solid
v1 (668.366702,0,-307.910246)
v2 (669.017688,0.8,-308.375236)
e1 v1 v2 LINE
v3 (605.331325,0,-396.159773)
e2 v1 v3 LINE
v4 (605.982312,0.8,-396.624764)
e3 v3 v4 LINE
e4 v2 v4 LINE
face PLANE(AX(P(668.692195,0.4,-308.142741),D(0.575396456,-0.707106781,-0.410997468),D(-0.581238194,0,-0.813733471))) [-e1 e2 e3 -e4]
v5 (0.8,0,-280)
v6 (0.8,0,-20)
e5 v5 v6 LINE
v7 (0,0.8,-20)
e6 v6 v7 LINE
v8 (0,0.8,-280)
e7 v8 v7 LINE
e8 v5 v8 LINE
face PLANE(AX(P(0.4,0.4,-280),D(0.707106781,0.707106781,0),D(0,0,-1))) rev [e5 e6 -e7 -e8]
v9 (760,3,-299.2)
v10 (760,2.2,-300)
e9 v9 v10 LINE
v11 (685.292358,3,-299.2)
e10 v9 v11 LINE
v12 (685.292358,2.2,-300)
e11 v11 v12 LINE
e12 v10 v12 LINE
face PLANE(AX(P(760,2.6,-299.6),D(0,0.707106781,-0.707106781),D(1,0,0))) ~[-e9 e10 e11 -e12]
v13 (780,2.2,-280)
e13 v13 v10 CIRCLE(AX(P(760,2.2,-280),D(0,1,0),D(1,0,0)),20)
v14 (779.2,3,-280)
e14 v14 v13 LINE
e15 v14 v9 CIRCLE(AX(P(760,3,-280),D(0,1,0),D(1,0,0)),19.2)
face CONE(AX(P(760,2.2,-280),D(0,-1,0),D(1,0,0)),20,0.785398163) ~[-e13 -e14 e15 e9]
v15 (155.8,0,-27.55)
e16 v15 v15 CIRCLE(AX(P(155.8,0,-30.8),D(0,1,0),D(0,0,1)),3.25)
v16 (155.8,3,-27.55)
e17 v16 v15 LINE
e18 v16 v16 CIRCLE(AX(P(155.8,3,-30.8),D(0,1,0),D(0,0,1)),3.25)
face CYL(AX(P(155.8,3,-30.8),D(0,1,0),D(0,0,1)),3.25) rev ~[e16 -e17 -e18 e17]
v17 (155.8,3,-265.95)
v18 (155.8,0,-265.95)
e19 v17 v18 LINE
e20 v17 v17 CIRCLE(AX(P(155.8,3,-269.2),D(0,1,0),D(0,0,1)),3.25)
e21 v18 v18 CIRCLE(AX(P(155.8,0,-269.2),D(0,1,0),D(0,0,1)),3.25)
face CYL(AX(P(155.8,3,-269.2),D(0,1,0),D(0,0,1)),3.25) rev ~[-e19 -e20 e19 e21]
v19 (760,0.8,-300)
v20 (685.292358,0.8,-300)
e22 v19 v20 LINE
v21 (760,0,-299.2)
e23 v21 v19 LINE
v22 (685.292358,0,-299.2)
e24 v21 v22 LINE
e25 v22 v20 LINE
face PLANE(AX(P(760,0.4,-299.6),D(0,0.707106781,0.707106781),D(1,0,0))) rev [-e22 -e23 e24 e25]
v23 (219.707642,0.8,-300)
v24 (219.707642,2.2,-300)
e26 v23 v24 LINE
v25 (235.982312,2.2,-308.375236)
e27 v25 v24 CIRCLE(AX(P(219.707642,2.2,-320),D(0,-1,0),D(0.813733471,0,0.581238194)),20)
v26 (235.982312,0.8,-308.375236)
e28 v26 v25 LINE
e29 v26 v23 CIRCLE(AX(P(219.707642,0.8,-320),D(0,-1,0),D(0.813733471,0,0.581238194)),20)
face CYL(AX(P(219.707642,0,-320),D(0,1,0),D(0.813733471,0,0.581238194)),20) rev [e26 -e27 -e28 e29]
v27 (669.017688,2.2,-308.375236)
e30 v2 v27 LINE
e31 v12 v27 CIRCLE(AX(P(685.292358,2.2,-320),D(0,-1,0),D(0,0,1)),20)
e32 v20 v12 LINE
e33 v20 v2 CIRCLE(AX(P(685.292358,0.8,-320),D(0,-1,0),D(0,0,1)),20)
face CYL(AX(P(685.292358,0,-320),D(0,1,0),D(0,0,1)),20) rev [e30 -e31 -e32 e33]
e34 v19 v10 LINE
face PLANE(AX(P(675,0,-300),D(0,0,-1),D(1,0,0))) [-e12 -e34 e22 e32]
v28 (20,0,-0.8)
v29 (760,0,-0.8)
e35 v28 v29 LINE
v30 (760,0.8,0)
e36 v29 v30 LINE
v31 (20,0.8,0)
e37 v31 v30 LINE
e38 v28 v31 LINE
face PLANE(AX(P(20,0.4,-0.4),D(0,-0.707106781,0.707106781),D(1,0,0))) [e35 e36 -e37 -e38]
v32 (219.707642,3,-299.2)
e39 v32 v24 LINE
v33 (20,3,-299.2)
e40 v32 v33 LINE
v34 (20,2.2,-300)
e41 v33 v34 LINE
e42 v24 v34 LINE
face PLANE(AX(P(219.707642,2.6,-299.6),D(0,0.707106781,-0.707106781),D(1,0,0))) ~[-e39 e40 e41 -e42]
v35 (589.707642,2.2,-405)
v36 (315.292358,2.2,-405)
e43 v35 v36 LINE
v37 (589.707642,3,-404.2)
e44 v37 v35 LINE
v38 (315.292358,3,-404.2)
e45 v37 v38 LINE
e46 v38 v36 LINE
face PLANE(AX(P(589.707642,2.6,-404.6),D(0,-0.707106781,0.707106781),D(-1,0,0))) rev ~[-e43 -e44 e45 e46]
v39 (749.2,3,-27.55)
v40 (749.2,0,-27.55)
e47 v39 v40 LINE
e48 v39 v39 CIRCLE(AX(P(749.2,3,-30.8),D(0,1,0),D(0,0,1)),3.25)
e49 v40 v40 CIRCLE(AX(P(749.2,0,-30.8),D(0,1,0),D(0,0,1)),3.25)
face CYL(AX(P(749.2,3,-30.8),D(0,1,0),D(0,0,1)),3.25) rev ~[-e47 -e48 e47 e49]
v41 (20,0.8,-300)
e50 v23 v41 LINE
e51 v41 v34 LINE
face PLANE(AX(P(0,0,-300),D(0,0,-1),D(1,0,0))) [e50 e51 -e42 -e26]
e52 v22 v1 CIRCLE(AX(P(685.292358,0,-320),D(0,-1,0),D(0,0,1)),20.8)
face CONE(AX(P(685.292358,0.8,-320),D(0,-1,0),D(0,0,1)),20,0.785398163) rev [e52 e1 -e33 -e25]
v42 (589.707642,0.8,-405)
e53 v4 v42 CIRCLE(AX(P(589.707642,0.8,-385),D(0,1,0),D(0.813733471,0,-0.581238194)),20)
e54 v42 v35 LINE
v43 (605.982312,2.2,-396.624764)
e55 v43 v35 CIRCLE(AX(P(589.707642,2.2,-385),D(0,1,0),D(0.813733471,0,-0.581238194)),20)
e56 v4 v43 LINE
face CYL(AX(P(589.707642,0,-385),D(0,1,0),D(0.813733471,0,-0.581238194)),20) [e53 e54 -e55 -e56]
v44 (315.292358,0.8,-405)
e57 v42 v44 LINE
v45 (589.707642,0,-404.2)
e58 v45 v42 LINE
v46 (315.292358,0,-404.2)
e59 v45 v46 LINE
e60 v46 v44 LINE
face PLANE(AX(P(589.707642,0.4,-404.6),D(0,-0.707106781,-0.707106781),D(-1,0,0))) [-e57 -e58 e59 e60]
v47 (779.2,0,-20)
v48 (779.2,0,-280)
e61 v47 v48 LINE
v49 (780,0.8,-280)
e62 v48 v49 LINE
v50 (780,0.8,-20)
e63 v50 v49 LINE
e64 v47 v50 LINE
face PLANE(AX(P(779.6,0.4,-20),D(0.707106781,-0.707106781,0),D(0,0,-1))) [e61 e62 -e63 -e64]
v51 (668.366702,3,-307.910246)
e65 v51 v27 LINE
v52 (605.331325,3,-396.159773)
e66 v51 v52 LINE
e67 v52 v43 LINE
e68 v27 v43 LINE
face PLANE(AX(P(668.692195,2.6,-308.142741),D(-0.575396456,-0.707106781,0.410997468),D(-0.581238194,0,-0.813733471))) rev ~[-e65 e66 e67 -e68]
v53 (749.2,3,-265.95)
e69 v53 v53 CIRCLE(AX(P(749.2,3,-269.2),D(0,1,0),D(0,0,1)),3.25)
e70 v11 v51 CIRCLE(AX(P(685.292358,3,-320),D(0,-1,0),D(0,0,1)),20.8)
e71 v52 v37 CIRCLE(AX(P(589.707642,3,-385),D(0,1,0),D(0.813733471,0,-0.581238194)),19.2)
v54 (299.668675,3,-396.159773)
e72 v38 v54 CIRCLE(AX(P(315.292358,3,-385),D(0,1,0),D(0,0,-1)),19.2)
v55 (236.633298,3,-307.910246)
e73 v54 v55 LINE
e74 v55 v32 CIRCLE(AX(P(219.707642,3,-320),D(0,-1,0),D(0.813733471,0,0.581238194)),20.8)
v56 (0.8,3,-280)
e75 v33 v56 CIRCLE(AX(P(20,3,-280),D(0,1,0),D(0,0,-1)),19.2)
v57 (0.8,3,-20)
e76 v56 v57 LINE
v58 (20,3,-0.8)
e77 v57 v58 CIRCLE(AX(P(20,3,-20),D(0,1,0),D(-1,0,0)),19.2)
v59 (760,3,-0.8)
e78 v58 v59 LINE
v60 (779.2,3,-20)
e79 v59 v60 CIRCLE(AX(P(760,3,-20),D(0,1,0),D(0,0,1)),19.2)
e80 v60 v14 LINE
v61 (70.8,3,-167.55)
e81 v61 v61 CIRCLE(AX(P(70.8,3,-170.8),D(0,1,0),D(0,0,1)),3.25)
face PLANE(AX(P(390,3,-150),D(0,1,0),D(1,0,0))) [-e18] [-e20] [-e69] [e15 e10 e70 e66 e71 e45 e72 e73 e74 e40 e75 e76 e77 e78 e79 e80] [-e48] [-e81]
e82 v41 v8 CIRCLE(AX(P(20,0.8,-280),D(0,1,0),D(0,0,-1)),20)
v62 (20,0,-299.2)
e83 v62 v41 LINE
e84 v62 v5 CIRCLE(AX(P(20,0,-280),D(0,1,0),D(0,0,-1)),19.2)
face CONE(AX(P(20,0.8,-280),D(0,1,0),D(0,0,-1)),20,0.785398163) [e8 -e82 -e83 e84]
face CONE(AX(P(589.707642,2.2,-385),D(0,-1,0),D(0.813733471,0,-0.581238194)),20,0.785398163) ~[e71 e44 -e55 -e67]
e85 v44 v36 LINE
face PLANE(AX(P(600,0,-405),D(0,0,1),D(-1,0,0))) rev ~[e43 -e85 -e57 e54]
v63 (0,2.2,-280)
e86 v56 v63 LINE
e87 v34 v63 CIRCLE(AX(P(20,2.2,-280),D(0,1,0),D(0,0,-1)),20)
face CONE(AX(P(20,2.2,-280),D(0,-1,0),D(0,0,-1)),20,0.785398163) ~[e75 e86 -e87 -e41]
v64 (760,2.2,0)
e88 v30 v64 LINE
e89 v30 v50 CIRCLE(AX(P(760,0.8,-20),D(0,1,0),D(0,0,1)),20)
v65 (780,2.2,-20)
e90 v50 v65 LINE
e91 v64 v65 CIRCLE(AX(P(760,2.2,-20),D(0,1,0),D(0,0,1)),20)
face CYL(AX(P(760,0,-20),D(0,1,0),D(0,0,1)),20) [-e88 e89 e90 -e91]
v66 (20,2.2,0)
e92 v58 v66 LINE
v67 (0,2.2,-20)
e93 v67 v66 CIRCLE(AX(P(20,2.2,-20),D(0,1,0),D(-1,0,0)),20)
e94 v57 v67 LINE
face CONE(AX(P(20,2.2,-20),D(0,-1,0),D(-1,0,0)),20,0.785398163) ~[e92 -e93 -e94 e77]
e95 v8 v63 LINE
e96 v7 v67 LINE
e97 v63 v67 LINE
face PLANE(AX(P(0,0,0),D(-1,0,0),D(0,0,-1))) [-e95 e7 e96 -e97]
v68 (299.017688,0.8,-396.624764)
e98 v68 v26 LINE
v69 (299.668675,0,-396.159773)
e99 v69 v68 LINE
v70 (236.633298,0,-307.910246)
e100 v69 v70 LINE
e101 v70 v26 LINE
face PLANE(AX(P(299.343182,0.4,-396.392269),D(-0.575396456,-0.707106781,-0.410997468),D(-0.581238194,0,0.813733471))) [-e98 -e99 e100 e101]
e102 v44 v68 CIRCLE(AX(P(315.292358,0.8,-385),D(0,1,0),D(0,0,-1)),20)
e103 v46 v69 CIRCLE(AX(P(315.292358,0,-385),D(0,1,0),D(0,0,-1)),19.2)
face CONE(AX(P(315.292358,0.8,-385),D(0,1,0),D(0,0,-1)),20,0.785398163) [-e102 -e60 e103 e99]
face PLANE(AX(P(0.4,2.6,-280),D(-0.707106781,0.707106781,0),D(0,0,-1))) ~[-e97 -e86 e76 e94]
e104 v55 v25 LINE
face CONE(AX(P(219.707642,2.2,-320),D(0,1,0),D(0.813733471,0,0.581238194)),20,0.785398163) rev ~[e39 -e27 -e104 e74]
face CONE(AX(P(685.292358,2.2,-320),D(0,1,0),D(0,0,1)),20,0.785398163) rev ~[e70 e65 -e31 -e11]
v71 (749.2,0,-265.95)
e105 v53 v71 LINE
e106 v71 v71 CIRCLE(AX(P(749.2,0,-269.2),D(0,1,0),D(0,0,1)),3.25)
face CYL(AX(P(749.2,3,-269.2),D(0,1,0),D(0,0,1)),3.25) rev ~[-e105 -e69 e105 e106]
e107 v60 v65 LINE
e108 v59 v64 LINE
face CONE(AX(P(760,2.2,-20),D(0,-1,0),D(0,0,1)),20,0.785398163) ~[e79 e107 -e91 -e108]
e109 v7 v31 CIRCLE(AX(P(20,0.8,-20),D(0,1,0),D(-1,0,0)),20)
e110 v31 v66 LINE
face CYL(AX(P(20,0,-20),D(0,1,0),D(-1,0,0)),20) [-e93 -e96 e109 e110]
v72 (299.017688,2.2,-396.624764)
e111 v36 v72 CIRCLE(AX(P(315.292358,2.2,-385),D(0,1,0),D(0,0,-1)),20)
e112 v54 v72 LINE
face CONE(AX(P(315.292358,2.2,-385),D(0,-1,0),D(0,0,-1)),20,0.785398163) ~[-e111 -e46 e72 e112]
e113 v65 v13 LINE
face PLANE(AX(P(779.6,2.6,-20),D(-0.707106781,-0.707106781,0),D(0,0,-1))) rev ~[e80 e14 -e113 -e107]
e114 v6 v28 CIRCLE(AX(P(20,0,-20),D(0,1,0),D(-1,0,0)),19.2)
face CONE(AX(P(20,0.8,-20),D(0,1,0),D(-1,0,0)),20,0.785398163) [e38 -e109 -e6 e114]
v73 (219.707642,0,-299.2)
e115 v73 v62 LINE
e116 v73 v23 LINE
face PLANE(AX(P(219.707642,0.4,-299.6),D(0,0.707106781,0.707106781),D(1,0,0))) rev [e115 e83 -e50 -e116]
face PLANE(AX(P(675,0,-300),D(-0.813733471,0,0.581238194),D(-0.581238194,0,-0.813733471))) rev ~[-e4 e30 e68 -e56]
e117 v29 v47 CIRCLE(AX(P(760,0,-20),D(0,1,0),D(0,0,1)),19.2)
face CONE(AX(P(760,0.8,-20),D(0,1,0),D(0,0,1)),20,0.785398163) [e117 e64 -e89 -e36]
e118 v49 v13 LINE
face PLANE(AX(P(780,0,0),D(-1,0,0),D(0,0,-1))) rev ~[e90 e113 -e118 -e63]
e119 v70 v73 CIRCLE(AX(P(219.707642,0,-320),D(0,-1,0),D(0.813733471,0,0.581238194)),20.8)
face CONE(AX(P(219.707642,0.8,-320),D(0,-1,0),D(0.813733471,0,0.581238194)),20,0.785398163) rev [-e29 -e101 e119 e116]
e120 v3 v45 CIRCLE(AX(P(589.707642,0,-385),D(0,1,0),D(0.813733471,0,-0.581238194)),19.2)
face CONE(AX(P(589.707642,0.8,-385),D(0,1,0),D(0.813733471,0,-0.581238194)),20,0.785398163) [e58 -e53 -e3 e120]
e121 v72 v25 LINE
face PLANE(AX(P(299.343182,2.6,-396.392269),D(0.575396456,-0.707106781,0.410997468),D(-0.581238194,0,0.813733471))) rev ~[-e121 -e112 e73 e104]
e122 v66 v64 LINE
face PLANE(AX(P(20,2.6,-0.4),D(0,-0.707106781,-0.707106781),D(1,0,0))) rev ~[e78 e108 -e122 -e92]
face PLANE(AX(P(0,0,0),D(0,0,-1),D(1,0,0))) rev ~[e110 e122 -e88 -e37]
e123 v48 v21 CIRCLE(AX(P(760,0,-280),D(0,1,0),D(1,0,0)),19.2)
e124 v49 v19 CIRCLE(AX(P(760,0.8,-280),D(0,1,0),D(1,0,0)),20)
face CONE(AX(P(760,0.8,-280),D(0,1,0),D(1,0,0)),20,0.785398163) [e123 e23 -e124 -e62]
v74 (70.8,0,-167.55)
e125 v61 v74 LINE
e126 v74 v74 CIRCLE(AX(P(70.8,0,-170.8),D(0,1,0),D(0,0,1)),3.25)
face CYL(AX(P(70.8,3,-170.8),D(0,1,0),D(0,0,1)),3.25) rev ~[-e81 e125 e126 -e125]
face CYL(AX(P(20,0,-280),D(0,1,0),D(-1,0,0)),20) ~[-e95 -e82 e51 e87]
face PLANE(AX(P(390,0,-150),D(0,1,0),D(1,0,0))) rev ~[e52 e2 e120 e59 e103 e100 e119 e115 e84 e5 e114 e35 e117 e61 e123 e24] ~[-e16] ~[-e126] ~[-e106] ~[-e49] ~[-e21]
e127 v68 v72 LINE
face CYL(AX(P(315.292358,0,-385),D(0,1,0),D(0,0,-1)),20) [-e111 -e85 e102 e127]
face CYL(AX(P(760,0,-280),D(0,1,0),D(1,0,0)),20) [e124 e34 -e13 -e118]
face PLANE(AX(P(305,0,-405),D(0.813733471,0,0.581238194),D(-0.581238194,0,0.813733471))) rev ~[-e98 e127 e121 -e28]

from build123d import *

# Parameters (mm, degrees)
SKETCH_1_W          = 780
SKETCH_1_H          = 300
EXTRUDE_1_DEPTH     = 3
FILLET_3_R          = 20
CHAMFER_1_SIZE      = 0.8
SKETCH_2_R          = 3.25
CUT_EXTRUDE_1_DEPTH = 10


with BuildPart() as part:
    # 草图1 → 凸台-拉伸1 (new body)
    with BuildSketch(Plane(origin=(0, 0, 0), x_dir=(1, 0, 0), z_dir=(0, 1, 0))):
        with Locations((390, 150)):
            Rectangle(SKETCH_1_W, SKETCH_1_H)
        Polygon((600, 405), (305, 405), (230, 300), (305, 300), (600, 300), (675, 300), align=None)
    extrude(amount=EXTRUDE_1_DEPTH)

    # 圆角3
    fillet_3_edges = [part.edges().sort_by_distance(p)[0] for p in [
        (0, 1.5, 0),
        (0, 1.5, -300),
        (230, 1.5, -300),
        (305, 1.5, -405),
        (600, 1.5, -405),
        (675, 1.5, -300),
        (780, 1.5, -300),
        (780, 1.5, 0),
    ]]
    fillet(fillet_3_edges, radius=FILLET_3_R)

    # 倒角1
    chamfer_1_edges = [part.edges().sort_by_distance(p)[0] for p in [
        (390, 0, 0),
        (390, 3, 0),
        (0, 0, -150),
        (119.853821047, 0, -300),
        (267.5, 0, -352.5),
        (452.5, 0, -405),
        (637.5, 0, -352.5),
        (722.646178953, 0, -300),
        (780, 0, -150),
        (5.857864376, 0, -294.142135624),
        (774.142135624, 0, -5.857864376),
        (774.142135624, 0, -294.142135624),
        (598.859273711, 0, -402.783352854),
        (306.140726289, 0, -402.783352854),
        (5.857864376, 0, -5.857864376),
        (0, 3, -150),
        (780, 3, -150),
        (722.646178953, 3, -300),
        (637.5, 3, -352.5),
        (452.5, 3, -405),
        (267.5, 3, -352.5),
        (119.853821047, 3, -300),
        (5.857864376, 3, -294.142135624),
        (774.142135624, 3, -5.857864376),
        (774.142135624, 3, -294.142135624),
        (598.859273711, 3, -402.783352854),
        (306.140726289, 3, -402.783352854),
        (5.857864376, 3, -5.857864376),
        (228.859273711, 0, -302.216647146),
        (228.859273711, 3, -302.216647146),
        (676.140726289, 0, -302.216647146),
        (676.140726289, 3, -302.216647146),
    ]]
    chamfer(chamfer_1_edges, length=CHAMFER_1_SIZE)

    # 草图2 → 切除-拉伸1 (cut)
    with BuildSketch(Plane(origin=(0, 3, 0), x_dir=(1, 0, 0), z_dir=(0, 1, 0))):
        with Locations(Location((70.8, 170.8, 0), (0, 0, 270))):
            Circle(SKETCH_2_R)
        with Locations(Location((749.2, 269.2, 0), (0, 0, 270))):
            Circle(SKETCH_2_R)
        with Locations(Location((749.2, 30.8, 0), (0, 0, 270))):
            Circle(SKETCH_2_R)
        with Locations(Location((155.8, 30.8, 0), (0, 0, 270))):
            Circle(SKETCH_2_R)
        with Locations(Location((155.8, 269.2, 0), (0, 0, 270))):
            Circle(SKETCH_2_R)
    extrude(amount=-CUT_EXTRUDE_1_DEPTH, mode=Mode.SUBTRACT)


solid = part.part
